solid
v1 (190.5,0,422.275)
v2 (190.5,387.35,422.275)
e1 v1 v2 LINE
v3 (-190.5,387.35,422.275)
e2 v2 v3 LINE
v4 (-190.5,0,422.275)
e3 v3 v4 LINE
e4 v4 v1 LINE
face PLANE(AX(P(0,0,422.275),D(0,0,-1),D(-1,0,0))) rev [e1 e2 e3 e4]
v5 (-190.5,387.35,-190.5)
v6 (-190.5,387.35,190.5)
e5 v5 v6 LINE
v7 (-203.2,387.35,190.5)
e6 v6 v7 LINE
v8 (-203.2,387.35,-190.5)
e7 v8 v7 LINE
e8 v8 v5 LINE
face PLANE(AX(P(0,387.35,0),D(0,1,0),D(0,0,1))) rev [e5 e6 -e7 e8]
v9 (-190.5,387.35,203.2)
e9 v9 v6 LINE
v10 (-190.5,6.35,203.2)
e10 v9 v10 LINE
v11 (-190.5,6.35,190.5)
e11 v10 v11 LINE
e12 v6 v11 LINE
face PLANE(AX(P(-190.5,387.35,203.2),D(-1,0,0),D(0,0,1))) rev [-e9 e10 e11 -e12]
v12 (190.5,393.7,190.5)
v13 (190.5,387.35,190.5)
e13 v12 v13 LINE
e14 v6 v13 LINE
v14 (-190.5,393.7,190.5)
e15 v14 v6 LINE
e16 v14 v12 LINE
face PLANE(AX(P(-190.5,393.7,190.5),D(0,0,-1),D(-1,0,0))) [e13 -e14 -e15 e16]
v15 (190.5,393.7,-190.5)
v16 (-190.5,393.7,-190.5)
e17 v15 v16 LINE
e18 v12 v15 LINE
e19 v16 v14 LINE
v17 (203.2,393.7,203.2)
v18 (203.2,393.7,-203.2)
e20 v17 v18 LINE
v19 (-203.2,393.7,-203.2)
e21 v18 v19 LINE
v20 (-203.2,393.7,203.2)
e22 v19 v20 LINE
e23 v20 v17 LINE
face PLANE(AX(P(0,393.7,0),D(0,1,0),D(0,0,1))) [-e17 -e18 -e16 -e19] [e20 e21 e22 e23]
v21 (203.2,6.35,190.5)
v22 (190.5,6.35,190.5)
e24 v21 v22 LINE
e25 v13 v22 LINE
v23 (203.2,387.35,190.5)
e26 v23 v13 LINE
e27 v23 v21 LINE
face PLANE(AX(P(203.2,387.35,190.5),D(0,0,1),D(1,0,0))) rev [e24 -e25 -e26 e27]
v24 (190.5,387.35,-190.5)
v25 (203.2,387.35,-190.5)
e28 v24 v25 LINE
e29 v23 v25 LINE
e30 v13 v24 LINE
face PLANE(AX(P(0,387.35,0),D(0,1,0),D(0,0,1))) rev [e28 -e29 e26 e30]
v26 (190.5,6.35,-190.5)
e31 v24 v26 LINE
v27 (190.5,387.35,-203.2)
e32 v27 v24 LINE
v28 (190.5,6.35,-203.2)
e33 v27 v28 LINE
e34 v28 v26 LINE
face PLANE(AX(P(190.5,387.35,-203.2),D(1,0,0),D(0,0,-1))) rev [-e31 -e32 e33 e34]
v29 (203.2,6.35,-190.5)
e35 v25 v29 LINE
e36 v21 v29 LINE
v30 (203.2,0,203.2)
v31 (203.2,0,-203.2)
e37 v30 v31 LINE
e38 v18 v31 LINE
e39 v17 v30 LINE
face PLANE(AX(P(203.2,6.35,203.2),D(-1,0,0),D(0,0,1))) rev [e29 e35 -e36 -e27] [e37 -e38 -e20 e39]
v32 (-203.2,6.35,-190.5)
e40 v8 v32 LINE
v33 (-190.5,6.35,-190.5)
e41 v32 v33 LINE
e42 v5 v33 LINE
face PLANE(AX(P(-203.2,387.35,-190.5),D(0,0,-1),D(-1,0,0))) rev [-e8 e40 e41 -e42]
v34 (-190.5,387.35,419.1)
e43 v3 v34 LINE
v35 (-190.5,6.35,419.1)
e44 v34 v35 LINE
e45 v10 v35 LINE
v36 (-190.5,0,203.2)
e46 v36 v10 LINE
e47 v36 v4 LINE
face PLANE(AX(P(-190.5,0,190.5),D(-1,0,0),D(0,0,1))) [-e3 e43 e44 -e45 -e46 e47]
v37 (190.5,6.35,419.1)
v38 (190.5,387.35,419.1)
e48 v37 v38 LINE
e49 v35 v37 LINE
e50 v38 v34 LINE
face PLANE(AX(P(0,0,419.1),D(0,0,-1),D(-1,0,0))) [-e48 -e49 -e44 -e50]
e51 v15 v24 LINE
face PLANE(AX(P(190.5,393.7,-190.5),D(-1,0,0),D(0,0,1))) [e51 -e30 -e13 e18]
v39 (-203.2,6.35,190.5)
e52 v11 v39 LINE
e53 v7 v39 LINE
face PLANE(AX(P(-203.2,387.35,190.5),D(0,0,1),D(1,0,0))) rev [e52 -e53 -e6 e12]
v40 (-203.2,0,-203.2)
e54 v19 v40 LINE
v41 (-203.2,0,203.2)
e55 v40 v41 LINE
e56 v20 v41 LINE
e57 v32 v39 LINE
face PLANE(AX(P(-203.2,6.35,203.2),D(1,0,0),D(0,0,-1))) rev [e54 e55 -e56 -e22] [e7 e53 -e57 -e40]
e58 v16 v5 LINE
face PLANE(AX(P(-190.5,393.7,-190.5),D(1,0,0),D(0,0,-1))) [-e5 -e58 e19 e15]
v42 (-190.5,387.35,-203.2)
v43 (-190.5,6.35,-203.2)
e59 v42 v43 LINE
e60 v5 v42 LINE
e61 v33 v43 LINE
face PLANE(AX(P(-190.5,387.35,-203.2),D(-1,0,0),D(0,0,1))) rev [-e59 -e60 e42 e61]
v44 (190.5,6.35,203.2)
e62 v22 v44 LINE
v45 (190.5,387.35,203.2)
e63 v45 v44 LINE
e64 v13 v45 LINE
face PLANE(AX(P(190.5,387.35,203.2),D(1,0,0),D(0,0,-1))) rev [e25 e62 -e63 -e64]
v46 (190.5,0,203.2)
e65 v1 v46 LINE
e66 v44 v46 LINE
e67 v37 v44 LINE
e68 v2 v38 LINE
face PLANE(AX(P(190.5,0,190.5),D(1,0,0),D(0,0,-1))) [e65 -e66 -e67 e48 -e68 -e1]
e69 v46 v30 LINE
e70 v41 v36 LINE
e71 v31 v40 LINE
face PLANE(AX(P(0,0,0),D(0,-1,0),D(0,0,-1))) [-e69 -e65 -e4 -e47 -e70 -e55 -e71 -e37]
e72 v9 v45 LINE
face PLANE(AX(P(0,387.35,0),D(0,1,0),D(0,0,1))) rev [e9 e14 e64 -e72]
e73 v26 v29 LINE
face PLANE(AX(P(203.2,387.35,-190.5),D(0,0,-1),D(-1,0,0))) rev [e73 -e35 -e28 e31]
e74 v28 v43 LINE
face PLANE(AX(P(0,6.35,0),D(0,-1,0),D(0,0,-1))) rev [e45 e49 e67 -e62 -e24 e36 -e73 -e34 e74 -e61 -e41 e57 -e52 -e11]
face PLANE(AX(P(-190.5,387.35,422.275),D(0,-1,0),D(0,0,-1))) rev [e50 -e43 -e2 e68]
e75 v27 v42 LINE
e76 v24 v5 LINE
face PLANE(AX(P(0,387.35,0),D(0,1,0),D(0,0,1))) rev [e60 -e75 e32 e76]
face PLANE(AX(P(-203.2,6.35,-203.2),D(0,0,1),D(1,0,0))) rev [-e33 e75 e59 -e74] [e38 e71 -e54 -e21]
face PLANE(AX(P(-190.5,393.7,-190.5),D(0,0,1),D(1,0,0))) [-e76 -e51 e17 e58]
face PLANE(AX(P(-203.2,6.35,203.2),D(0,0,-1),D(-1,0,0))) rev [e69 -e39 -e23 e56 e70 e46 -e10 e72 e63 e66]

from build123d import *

# Parameters (mm, degrees)
SKETCH1_W           = 406.4
SKETCH1_H           = 406.4
BOSS_EXTRUDE1_DEPTH = 6.35
SKETCH2_W           = 12.7
SKETCH2_H           = 12.7
BOSS_EXTRUDE2_DEPTH = 381
SKETCH3_W           = 406.4
SKETCH3_H           = 406.4
SKETCH3_W_2         = 381
SKETCH3_H_2         = 381
BOSS_EXTRUDE3_DEPTH = 6.35
SKETCH4_W           = 381
SKETCH4_H           = 228.6
BOSS_EXTRUDE4_DEPTH = 6.35
SKETCH6_W           = 381
SKETCH6_H           = 387.35
BOSS_EXTRUDE6_DEPTH = 3.175


with BuildPart() as part:
    # Sketch1 → Boss-Extrude1 (new body)
    with BuildSketch(Plane(origin=(0, 0, 0), x_dir=(1, 0, 0), z_dir=(0, 1, 0))):
        Rectangle(SKETCH1_W, SKETCH1_H)
    extrude(amount=BOSS_EXTRUDE1_DEPTH)

    # Sketch2 → Boss-Extrude2 (add)
    with BuildSketch(Plane(origin=(0, 6.35, 0), x_dir=(1, 0, 0), z_dir=(0, 1, 0))):
        with Locations((-196.85, 196.85)):
            Rectangle(SKETCH2_W, SKETCH2_H)
        with Locations((196.85, 196.85)):
            Rectangle(SKETCH2_W, SKETCH2_H)
        with Locations((196.85, -196.85)):
            Rectangle(SKETCH2_W, SKETCH2_H)
        with Locations((-196.85, -196.85)):
            Rectangle(SKETCH2_W, SKETCH2_H)
    extrude(amount=BOSS_EXTRUDE2_DEPTH)

    # Sketch3 → Boss-Extrude3 (add)
    with BuildSketch(Plane(origin=(0, 387.35, 0), x_dir=(1, 0, 0), z_dir=(0, 1, 0))):
        Rectangle(SKETCH3_W, SKETCH3_H)
        Rectangle(SKETCH3_W_2, SKETCH3_H_2, mode=Mode.SUBTRACT)
    extrude(amount=BOSS_EXTRUDE3_DEPTH)

    # Sketch4 → Boss-Extrude4 (add)
    with BuildSketch(Plane(origin=(0, 6.35, 0), x_dir=(1, 0, 0), z_dir=(0, 1, 0))):
        with Locations((0, -304.8)):
            Rectangle(SKETCH4_W, SKETCH4_H)
    extrude(amount=-BOSS_EXTRUDE4_DEPTH)

    # Sketch6 → Boss-Extrude6 (add)
    with BuildSketch(Plane.XY.offset(419.1)):
        with Locations((0, 193.675)):
            Rectangle(SKETCH6_W, SKETCH6_H)
    extrude(amount=BOSS_EXTRUDE6_DEPTH)


solid = part.part
